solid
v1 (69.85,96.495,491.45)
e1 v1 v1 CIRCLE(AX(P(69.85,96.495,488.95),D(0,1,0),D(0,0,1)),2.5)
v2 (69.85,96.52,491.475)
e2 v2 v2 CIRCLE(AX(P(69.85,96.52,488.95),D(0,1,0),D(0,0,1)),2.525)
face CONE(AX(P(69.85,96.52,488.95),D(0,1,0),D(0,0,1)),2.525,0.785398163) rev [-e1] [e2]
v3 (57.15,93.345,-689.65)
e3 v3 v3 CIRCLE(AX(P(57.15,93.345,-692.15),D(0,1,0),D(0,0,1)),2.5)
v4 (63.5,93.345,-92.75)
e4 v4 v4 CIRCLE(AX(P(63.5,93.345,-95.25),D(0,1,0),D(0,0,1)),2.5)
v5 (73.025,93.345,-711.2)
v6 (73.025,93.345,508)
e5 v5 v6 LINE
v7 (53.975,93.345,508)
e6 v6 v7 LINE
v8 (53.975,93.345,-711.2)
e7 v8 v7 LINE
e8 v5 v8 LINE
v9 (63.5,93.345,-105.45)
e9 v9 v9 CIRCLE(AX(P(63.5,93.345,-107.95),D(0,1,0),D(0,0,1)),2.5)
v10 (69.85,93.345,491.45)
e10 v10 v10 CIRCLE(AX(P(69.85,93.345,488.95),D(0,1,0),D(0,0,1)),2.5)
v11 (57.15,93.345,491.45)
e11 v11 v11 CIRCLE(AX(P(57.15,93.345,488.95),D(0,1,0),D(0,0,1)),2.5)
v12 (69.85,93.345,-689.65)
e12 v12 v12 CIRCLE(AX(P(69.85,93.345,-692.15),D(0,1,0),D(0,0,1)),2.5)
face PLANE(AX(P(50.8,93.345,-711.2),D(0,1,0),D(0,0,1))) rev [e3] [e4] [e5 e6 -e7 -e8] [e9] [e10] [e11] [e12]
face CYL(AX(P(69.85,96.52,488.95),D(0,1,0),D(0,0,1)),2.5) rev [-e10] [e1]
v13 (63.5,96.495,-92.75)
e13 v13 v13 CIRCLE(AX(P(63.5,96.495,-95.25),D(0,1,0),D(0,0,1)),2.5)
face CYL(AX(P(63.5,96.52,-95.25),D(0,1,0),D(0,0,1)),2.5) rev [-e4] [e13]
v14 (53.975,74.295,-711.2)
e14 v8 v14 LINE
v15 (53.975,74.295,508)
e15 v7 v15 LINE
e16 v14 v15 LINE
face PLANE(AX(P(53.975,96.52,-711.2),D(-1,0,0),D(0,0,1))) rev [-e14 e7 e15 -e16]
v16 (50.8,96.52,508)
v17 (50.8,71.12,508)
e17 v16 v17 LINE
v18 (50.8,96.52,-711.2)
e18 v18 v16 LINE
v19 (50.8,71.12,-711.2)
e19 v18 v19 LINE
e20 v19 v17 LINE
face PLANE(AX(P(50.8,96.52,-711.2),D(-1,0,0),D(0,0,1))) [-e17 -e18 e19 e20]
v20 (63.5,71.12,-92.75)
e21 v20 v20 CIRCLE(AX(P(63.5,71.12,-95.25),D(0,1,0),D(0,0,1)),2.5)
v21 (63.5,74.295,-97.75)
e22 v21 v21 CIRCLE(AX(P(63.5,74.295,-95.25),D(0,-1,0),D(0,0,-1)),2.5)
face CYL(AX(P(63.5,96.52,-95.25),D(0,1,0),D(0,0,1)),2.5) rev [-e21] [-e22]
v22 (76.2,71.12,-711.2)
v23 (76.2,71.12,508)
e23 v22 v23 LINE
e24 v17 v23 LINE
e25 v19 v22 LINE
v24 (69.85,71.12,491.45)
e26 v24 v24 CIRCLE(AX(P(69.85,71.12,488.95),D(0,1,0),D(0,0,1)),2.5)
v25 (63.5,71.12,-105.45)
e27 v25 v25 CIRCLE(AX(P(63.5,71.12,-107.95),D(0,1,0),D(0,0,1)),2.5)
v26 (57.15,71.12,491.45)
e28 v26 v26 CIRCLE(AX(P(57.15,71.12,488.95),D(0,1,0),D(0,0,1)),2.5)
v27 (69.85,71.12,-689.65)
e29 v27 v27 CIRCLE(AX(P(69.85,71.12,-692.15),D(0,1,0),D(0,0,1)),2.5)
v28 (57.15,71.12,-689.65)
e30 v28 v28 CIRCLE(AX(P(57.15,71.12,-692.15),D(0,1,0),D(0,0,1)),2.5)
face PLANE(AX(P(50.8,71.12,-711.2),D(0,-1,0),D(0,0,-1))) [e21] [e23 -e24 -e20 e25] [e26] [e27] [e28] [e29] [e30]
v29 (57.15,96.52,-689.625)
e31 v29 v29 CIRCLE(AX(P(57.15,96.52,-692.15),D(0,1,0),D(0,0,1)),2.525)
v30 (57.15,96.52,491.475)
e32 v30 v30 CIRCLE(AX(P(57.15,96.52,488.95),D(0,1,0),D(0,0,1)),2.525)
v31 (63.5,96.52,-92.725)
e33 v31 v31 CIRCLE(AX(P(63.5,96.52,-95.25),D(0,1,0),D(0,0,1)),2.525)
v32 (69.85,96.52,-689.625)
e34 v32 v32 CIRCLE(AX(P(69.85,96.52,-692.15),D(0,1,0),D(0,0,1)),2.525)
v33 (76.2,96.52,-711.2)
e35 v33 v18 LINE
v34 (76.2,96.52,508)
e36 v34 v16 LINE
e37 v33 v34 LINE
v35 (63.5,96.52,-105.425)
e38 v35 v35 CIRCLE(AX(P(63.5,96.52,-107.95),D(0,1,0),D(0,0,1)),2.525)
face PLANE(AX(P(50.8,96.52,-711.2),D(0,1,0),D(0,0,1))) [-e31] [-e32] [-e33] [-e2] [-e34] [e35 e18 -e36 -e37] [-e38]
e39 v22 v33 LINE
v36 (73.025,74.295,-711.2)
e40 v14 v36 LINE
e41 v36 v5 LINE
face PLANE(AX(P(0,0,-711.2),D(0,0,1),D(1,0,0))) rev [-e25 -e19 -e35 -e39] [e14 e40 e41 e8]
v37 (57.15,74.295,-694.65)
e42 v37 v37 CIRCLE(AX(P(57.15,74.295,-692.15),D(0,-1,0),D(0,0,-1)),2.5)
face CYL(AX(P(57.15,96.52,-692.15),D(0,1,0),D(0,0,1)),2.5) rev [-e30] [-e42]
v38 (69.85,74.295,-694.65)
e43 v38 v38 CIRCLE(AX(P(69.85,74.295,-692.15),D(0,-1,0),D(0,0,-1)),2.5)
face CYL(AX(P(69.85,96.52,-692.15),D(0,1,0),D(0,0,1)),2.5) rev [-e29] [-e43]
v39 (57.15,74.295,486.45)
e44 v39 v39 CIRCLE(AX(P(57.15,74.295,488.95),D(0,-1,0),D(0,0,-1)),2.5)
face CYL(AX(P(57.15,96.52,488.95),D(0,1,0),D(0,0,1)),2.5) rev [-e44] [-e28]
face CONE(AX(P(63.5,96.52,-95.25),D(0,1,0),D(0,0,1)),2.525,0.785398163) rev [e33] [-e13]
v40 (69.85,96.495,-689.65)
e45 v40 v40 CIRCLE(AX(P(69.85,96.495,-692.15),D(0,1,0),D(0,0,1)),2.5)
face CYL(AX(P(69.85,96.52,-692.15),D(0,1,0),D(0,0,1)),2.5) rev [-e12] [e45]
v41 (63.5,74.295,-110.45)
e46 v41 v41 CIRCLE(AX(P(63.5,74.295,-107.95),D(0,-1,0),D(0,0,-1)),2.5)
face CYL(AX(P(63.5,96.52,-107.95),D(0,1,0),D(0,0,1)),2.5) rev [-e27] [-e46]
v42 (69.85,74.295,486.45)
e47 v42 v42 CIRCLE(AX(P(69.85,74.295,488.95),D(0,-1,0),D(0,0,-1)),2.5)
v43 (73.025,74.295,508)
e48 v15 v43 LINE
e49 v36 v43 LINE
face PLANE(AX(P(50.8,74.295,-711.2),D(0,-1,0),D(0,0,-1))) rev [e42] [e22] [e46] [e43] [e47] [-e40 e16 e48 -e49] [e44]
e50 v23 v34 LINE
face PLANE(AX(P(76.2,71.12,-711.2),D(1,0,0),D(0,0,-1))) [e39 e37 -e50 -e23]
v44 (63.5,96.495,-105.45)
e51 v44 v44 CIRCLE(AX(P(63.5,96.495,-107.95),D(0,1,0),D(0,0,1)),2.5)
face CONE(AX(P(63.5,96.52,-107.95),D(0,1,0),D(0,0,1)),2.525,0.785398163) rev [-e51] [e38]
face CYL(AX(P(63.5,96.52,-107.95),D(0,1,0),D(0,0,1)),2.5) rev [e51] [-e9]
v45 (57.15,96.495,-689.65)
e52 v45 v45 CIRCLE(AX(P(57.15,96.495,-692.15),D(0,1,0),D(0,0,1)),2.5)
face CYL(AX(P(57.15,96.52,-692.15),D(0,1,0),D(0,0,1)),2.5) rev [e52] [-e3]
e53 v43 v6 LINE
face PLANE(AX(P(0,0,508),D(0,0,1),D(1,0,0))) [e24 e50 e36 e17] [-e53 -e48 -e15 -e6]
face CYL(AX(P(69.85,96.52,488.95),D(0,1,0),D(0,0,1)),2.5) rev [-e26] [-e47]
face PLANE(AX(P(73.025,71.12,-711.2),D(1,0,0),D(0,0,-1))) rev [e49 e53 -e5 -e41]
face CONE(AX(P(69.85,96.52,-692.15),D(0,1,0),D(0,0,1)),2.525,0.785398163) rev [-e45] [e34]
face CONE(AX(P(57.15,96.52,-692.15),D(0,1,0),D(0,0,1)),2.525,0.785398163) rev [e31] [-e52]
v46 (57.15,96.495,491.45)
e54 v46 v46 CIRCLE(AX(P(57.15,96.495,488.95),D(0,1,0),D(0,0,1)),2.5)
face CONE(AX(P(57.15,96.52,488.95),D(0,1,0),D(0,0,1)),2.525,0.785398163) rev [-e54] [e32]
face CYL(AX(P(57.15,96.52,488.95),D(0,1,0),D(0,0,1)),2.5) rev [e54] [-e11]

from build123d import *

# Parameters (mm, degrees)
EXTRUDE_THIN1_START             = 508
SKETCH5_W                       = 25.4
SKETCH5_H                       = 25.4
SKETCH5_W_2                     = 19.05
SKETCH5_H_2                     = 19.05
EXTRUDE_THIN1_DEPTH             = 1219.2
F_5_0MM_DOWEL_HOLE1_D           = 5
F_5_0MM_DOWEL_HOLE1_CSINK_D     = 5.05
F_5_0MM_DOWEL_HOLE1_CSINK_ANGLE = 90


with BuildPart() as part:
    # Sketch5 → Extrude-Thin1 (new body)
    with BuildSketch(Plane.XY.offset(EXTRUDE_THIN1_START)):
        with Locations((63.5, 83.82)):
            Rectangle(SKETCH5_W, SKETCH5_H)
        with Locations((63.5, 83.82)):
            Rectangle(SKETCH5_W_2, SKETCH5_H_2, mode=Mode.SUBTRACT)
    extrude(amount=-EXTRUDE_THIN1_DEPTH)

    # Ø5.0mm Dowel Hole1 (through all)
    with Locations(Plane(origin=(0, 96.52, 0), x_dir=(1, 0, 0), z_dir=(0, 1, 0))):
        with Locations((63.5, 107.95), (63.5, 95.25), (57.15, 692.15), (69.85, 692.15)):
            f_5_0mm_dowel_hole1 = CounterSinkHole(F_5_0MM_DOWEL_HOLE1_D / 2, F_5_0MM_DOWEL_HOLE1_CSINK_D / 2, counter_sink_angle=F_5_0MM_DOWEL_HOLE1_CSINK_ANGLE)

    # Mirror1: Ø5.0mm Dowel Hole1 across plane
    add(f_5_0mm_dowel_hole1.mirror(Plane.XY.offset(-101.6)), mode=Mode.SUBTRACT)


solid = part.part
